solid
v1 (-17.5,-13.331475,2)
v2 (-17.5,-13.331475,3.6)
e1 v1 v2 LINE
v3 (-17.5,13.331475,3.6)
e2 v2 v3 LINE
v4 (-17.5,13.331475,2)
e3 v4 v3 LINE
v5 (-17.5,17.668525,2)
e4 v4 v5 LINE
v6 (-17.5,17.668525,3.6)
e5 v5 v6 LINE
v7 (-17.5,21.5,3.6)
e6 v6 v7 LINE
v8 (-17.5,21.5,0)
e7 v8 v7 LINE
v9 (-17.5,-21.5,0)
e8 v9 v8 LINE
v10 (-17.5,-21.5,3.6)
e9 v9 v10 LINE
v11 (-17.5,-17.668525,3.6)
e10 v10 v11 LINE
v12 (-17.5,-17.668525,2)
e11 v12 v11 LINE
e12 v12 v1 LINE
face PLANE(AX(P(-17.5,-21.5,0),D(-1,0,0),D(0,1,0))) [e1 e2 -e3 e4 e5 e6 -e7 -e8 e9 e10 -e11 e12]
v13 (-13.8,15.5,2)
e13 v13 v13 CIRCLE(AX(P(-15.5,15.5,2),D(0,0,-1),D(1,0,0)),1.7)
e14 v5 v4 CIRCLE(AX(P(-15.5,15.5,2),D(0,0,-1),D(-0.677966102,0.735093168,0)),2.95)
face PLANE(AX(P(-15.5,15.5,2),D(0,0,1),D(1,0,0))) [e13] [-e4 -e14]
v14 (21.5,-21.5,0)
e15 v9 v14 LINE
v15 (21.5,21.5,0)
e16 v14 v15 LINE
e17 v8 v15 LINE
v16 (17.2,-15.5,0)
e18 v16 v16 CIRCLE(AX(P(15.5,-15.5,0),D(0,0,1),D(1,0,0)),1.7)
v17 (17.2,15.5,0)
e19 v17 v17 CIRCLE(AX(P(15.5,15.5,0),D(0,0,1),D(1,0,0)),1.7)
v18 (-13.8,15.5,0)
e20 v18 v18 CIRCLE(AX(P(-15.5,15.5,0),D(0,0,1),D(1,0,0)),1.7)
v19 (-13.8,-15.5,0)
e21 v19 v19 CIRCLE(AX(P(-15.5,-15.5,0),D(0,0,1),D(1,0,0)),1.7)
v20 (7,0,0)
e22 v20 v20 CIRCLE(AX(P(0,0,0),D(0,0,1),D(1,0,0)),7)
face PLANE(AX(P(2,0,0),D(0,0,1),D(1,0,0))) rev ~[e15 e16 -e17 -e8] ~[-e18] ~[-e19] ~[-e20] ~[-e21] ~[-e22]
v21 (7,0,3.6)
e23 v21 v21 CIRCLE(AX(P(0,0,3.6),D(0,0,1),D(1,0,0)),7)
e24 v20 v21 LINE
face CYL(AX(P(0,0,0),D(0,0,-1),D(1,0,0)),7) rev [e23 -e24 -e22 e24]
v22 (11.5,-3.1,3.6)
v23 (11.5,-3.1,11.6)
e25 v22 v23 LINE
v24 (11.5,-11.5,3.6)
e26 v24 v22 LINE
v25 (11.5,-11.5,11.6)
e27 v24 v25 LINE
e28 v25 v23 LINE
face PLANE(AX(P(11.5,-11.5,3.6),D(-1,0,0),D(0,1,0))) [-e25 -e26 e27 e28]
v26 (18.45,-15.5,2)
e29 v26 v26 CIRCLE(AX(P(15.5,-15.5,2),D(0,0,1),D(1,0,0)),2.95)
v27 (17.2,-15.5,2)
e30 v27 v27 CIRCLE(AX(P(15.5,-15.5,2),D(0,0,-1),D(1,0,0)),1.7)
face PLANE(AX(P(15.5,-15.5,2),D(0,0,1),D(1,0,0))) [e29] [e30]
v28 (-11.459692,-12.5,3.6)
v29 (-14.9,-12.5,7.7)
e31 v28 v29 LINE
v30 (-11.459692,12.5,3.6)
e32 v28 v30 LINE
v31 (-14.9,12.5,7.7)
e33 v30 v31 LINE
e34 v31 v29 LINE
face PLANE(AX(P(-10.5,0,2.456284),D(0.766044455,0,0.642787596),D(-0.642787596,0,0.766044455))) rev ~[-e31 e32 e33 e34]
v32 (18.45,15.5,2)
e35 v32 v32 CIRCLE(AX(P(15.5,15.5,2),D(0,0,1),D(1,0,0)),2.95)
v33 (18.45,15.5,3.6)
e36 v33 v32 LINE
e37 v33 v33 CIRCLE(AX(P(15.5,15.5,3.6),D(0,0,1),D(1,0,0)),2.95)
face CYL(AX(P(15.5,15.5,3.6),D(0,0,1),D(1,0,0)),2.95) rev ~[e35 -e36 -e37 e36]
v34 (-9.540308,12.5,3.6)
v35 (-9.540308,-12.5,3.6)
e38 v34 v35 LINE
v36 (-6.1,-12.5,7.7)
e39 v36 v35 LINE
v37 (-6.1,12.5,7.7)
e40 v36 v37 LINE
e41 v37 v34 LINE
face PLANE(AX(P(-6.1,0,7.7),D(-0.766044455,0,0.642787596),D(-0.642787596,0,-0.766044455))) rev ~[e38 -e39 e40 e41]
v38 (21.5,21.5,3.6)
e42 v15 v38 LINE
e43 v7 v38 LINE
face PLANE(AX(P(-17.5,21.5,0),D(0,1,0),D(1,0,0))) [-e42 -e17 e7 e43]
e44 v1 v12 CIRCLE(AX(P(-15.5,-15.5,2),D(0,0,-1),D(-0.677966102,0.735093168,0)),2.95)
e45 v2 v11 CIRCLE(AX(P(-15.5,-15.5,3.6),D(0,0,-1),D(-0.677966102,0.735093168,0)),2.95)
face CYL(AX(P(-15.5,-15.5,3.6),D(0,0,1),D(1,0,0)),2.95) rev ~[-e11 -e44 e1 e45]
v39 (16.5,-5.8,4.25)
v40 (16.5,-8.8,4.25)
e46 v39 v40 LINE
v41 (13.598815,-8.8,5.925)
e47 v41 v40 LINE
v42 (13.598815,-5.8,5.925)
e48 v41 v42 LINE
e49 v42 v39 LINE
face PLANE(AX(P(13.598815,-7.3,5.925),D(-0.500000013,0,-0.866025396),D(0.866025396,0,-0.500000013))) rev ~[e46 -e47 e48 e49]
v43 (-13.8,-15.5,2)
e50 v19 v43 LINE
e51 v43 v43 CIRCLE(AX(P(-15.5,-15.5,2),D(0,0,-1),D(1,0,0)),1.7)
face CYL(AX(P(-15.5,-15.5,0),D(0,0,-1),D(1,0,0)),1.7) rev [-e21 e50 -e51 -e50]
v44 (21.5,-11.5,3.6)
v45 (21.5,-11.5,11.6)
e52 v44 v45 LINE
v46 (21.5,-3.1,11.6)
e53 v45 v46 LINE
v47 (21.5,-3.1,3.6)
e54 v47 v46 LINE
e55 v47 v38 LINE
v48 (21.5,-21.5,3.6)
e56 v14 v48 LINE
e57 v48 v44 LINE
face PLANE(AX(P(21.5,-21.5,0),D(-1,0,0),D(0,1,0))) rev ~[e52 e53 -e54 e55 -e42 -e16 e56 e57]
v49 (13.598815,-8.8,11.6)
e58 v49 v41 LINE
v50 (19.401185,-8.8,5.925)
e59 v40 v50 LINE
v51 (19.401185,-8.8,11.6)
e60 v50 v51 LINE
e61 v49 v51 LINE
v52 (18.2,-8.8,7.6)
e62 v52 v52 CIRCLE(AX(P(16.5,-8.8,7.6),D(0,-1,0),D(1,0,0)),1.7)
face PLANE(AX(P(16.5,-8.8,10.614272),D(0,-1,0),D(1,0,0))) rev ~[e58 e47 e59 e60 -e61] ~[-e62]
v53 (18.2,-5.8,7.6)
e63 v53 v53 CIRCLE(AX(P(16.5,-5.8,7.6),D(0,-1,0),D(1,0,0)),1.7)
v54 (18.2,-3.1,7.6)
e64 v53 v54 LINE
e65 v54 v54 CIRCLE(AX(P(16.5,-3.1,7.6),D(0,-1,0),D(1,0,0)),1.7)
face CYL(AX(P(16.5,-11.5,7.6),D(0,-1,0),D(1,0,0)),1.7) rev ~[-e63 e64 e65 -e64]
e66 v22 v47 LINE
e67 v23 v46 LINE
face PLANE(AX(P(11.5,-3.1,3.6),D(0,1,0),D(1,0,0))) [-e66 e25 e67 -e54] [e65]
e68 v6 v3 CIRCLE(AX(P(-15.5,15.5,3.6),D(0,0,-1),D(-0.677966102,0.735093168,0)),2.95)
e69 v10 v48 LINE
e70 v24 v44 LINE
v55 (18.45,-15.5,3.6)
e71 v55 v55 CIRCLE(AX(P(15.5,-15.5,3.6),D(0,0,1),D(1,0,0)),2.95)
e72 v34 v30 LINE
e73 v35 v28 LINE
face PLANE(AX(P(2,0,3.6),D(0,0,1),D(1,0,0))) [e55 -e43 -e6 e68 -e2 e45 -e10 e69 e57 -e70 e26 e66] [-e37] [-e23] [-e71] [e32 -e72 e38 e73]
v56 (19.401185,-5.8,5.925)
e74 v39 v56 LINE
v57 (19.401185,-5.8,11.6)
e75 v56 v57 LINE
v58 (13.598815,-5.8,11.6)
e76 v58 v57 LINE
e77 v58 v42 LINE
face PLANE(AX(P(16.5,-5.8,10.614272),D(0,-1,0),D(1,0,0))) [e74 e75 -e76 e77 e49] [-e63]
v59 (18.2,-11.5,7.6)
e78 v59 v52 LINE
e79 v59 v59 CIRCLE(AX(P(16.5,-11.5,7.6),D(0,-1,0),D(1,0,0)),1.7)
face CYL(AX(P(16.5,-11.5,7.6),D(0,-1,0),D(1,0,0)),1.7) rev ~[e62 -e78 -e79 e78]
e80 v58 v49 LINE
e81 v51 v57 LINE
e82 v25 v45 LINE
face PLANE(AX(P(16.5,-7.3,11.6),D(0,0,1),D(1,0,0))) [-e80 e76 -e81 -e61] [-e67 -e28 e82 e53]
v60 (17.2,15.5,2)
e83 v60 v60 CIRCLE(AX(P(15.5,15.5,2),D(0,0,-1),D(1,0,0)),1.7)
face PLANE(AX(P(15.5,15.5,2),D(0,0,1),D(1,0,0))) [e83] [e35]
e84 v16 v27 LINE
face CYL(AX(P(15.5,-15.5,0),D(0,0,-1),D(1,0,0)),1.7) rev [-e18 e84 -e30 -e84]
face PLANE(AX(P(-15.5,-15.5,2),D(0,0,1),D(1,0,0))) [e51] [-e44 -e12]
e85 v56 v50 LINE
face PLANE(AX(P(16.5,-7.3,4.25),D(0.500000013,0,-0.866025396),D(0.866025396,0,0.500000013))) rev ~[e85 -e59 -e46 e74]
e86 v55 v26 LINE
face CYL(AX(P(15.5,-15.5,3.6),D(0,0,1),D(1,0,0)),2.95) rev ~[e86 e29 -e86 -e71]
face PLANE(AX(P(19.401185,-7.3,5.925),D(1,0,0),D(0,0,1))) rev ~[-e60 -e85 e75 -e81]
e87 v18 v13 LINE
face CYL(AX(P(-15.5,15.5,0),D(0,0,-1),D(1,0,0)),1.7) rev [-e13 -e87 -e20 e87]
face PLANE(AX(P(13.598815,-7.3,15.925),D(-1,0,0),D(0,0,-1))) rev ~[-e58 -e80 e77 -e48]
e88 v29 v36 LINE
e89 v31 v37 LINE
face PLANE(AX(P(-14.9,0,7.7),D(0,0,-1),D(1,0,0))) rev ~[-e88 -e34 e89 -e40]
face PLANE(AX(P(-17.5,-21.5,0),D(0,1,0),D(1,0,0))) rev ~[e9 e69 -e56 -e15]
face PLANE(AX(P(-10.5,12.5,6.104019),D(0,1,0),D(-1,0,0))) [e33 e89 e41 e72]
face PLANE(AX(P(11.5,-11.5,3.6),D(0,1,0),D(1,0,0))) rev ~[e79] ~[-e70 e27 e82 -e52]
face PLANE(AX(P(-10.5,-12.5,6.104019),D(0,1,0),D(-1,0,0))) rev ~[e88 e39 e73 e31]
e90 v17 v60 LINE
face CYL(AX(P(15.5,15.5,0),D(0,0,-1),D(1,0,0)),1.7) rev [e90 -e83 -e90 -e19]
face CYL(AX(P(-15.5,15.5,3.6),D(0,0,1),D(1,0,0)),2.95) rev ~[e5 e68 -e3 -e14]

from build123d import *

# Parameters (mm, degrees)
SKETCH_W        = 39
SKETCH_H        = 43
SKETCH_R        = 7
SKETCH_R_2      = 1.7
PAD_DEPTH       = 3.6
SKETCH001_R     = 2.95
POCKET_DEPTH    = 1.6
SKETCH002_W     = 10
SKETCH002_H     = 8.4
PAD001_DEPTH    = 8
SKETCH003_R     = 1.7
POCKET001_DEPTH = 33.001
POCKET002_DEPTH = 1.5
PAD002_DEPTH    = 12.5


with BuildPart() as part:
    # Sketch → Pad (new body)
    with BuildSketch(Plane.XY):
        with Locations((2, 0)):
            Rectangle(SKETCH_W, SKETCH_H)
        Circle(SKETCH_R, mode=Mode.SUBTRACT)
        with Locations((-15.5, 15.5)):
            Circle(SKETCH_R_2, mode=Mode.SUBTRACT)
        with Locations((15.5, 15.5)):
            Circle(SKETCH_R_2, mode=Mode.SUBTRACT)
        with Locations((15.5, -15.5)):
            Circle(SKETCH_R_2, mode=Mode.SUBTRACT)
        with Locations((-15.5, -15.5)):
            Circle(SKETCH_R_2, mode=Mode.SUBTRACT)
    extrude(amount=PAD_DEPTH)

    # Sketch001 (on Face11 of Pad) → Pocket (cut)
    with BuildSketch(Plane.XY.offset(3.6)):
        with Locations((-15.5, -15.5)):
            Circle(SKETCH001_R)
        with Locations((15.5, -15.5)):
            Circle(SKETCH001_R)
        with Locations((15.5, 15.5)):
            Circle(SKETCH001_R)
        with Locations((-15.5, 15.5)):
            Circle(SKETCH001_R)
    extrude(amount=-POCKET_DEPTH, mode=Mode.SUBTRACT)

    # Sketch002 (on Face5 of Pocket) → Pad001 (join)
    with BuildSketch(Plane.XY.offset(3.6)):
        with Locations((16.5, -7.3)):
            Rectangle(SKETCH002_W, SKETCH002_H)
    extrude(amount=PAD001_DEPTH)

    # Sketch003 (on Face15 of Pad001) → Pocket001 (cut, through all)
    with BuildSketch(Plane.XZ.offset(11.5)):
        with Locations((16.5, 7.6)):
            Circle(SKETCH003_R)
    extrude(amount=-POCKET001_DEPTH, mode=Mode.SUBTRACT)

    # Sketch004 (on DatumPlane) → Pocket002 (cut, symmetric)
    with BuildSketch(Plane.XZ.offset(7.3)):
        Polygon((13.598815, 5.925), (16.5, 4.25), (19.401185, 5.925), (19.401185, 15.925), (13.598815, 15.925), align=None)
    extrude(amount=POCKET002_DEPTH, both=True, mode=Mode.SUBTRACT)

    # Sketch005 → Pad002 (join, symmetric)
    with BuildSketch(Plane.XZ):
        Polygon((-14.9, 7.7), (-6.1, 7.7), (-10.5, 2.456284), align=None)
    extrude(amount=PAD002_DEPTH, both=True)


solid = part.part
